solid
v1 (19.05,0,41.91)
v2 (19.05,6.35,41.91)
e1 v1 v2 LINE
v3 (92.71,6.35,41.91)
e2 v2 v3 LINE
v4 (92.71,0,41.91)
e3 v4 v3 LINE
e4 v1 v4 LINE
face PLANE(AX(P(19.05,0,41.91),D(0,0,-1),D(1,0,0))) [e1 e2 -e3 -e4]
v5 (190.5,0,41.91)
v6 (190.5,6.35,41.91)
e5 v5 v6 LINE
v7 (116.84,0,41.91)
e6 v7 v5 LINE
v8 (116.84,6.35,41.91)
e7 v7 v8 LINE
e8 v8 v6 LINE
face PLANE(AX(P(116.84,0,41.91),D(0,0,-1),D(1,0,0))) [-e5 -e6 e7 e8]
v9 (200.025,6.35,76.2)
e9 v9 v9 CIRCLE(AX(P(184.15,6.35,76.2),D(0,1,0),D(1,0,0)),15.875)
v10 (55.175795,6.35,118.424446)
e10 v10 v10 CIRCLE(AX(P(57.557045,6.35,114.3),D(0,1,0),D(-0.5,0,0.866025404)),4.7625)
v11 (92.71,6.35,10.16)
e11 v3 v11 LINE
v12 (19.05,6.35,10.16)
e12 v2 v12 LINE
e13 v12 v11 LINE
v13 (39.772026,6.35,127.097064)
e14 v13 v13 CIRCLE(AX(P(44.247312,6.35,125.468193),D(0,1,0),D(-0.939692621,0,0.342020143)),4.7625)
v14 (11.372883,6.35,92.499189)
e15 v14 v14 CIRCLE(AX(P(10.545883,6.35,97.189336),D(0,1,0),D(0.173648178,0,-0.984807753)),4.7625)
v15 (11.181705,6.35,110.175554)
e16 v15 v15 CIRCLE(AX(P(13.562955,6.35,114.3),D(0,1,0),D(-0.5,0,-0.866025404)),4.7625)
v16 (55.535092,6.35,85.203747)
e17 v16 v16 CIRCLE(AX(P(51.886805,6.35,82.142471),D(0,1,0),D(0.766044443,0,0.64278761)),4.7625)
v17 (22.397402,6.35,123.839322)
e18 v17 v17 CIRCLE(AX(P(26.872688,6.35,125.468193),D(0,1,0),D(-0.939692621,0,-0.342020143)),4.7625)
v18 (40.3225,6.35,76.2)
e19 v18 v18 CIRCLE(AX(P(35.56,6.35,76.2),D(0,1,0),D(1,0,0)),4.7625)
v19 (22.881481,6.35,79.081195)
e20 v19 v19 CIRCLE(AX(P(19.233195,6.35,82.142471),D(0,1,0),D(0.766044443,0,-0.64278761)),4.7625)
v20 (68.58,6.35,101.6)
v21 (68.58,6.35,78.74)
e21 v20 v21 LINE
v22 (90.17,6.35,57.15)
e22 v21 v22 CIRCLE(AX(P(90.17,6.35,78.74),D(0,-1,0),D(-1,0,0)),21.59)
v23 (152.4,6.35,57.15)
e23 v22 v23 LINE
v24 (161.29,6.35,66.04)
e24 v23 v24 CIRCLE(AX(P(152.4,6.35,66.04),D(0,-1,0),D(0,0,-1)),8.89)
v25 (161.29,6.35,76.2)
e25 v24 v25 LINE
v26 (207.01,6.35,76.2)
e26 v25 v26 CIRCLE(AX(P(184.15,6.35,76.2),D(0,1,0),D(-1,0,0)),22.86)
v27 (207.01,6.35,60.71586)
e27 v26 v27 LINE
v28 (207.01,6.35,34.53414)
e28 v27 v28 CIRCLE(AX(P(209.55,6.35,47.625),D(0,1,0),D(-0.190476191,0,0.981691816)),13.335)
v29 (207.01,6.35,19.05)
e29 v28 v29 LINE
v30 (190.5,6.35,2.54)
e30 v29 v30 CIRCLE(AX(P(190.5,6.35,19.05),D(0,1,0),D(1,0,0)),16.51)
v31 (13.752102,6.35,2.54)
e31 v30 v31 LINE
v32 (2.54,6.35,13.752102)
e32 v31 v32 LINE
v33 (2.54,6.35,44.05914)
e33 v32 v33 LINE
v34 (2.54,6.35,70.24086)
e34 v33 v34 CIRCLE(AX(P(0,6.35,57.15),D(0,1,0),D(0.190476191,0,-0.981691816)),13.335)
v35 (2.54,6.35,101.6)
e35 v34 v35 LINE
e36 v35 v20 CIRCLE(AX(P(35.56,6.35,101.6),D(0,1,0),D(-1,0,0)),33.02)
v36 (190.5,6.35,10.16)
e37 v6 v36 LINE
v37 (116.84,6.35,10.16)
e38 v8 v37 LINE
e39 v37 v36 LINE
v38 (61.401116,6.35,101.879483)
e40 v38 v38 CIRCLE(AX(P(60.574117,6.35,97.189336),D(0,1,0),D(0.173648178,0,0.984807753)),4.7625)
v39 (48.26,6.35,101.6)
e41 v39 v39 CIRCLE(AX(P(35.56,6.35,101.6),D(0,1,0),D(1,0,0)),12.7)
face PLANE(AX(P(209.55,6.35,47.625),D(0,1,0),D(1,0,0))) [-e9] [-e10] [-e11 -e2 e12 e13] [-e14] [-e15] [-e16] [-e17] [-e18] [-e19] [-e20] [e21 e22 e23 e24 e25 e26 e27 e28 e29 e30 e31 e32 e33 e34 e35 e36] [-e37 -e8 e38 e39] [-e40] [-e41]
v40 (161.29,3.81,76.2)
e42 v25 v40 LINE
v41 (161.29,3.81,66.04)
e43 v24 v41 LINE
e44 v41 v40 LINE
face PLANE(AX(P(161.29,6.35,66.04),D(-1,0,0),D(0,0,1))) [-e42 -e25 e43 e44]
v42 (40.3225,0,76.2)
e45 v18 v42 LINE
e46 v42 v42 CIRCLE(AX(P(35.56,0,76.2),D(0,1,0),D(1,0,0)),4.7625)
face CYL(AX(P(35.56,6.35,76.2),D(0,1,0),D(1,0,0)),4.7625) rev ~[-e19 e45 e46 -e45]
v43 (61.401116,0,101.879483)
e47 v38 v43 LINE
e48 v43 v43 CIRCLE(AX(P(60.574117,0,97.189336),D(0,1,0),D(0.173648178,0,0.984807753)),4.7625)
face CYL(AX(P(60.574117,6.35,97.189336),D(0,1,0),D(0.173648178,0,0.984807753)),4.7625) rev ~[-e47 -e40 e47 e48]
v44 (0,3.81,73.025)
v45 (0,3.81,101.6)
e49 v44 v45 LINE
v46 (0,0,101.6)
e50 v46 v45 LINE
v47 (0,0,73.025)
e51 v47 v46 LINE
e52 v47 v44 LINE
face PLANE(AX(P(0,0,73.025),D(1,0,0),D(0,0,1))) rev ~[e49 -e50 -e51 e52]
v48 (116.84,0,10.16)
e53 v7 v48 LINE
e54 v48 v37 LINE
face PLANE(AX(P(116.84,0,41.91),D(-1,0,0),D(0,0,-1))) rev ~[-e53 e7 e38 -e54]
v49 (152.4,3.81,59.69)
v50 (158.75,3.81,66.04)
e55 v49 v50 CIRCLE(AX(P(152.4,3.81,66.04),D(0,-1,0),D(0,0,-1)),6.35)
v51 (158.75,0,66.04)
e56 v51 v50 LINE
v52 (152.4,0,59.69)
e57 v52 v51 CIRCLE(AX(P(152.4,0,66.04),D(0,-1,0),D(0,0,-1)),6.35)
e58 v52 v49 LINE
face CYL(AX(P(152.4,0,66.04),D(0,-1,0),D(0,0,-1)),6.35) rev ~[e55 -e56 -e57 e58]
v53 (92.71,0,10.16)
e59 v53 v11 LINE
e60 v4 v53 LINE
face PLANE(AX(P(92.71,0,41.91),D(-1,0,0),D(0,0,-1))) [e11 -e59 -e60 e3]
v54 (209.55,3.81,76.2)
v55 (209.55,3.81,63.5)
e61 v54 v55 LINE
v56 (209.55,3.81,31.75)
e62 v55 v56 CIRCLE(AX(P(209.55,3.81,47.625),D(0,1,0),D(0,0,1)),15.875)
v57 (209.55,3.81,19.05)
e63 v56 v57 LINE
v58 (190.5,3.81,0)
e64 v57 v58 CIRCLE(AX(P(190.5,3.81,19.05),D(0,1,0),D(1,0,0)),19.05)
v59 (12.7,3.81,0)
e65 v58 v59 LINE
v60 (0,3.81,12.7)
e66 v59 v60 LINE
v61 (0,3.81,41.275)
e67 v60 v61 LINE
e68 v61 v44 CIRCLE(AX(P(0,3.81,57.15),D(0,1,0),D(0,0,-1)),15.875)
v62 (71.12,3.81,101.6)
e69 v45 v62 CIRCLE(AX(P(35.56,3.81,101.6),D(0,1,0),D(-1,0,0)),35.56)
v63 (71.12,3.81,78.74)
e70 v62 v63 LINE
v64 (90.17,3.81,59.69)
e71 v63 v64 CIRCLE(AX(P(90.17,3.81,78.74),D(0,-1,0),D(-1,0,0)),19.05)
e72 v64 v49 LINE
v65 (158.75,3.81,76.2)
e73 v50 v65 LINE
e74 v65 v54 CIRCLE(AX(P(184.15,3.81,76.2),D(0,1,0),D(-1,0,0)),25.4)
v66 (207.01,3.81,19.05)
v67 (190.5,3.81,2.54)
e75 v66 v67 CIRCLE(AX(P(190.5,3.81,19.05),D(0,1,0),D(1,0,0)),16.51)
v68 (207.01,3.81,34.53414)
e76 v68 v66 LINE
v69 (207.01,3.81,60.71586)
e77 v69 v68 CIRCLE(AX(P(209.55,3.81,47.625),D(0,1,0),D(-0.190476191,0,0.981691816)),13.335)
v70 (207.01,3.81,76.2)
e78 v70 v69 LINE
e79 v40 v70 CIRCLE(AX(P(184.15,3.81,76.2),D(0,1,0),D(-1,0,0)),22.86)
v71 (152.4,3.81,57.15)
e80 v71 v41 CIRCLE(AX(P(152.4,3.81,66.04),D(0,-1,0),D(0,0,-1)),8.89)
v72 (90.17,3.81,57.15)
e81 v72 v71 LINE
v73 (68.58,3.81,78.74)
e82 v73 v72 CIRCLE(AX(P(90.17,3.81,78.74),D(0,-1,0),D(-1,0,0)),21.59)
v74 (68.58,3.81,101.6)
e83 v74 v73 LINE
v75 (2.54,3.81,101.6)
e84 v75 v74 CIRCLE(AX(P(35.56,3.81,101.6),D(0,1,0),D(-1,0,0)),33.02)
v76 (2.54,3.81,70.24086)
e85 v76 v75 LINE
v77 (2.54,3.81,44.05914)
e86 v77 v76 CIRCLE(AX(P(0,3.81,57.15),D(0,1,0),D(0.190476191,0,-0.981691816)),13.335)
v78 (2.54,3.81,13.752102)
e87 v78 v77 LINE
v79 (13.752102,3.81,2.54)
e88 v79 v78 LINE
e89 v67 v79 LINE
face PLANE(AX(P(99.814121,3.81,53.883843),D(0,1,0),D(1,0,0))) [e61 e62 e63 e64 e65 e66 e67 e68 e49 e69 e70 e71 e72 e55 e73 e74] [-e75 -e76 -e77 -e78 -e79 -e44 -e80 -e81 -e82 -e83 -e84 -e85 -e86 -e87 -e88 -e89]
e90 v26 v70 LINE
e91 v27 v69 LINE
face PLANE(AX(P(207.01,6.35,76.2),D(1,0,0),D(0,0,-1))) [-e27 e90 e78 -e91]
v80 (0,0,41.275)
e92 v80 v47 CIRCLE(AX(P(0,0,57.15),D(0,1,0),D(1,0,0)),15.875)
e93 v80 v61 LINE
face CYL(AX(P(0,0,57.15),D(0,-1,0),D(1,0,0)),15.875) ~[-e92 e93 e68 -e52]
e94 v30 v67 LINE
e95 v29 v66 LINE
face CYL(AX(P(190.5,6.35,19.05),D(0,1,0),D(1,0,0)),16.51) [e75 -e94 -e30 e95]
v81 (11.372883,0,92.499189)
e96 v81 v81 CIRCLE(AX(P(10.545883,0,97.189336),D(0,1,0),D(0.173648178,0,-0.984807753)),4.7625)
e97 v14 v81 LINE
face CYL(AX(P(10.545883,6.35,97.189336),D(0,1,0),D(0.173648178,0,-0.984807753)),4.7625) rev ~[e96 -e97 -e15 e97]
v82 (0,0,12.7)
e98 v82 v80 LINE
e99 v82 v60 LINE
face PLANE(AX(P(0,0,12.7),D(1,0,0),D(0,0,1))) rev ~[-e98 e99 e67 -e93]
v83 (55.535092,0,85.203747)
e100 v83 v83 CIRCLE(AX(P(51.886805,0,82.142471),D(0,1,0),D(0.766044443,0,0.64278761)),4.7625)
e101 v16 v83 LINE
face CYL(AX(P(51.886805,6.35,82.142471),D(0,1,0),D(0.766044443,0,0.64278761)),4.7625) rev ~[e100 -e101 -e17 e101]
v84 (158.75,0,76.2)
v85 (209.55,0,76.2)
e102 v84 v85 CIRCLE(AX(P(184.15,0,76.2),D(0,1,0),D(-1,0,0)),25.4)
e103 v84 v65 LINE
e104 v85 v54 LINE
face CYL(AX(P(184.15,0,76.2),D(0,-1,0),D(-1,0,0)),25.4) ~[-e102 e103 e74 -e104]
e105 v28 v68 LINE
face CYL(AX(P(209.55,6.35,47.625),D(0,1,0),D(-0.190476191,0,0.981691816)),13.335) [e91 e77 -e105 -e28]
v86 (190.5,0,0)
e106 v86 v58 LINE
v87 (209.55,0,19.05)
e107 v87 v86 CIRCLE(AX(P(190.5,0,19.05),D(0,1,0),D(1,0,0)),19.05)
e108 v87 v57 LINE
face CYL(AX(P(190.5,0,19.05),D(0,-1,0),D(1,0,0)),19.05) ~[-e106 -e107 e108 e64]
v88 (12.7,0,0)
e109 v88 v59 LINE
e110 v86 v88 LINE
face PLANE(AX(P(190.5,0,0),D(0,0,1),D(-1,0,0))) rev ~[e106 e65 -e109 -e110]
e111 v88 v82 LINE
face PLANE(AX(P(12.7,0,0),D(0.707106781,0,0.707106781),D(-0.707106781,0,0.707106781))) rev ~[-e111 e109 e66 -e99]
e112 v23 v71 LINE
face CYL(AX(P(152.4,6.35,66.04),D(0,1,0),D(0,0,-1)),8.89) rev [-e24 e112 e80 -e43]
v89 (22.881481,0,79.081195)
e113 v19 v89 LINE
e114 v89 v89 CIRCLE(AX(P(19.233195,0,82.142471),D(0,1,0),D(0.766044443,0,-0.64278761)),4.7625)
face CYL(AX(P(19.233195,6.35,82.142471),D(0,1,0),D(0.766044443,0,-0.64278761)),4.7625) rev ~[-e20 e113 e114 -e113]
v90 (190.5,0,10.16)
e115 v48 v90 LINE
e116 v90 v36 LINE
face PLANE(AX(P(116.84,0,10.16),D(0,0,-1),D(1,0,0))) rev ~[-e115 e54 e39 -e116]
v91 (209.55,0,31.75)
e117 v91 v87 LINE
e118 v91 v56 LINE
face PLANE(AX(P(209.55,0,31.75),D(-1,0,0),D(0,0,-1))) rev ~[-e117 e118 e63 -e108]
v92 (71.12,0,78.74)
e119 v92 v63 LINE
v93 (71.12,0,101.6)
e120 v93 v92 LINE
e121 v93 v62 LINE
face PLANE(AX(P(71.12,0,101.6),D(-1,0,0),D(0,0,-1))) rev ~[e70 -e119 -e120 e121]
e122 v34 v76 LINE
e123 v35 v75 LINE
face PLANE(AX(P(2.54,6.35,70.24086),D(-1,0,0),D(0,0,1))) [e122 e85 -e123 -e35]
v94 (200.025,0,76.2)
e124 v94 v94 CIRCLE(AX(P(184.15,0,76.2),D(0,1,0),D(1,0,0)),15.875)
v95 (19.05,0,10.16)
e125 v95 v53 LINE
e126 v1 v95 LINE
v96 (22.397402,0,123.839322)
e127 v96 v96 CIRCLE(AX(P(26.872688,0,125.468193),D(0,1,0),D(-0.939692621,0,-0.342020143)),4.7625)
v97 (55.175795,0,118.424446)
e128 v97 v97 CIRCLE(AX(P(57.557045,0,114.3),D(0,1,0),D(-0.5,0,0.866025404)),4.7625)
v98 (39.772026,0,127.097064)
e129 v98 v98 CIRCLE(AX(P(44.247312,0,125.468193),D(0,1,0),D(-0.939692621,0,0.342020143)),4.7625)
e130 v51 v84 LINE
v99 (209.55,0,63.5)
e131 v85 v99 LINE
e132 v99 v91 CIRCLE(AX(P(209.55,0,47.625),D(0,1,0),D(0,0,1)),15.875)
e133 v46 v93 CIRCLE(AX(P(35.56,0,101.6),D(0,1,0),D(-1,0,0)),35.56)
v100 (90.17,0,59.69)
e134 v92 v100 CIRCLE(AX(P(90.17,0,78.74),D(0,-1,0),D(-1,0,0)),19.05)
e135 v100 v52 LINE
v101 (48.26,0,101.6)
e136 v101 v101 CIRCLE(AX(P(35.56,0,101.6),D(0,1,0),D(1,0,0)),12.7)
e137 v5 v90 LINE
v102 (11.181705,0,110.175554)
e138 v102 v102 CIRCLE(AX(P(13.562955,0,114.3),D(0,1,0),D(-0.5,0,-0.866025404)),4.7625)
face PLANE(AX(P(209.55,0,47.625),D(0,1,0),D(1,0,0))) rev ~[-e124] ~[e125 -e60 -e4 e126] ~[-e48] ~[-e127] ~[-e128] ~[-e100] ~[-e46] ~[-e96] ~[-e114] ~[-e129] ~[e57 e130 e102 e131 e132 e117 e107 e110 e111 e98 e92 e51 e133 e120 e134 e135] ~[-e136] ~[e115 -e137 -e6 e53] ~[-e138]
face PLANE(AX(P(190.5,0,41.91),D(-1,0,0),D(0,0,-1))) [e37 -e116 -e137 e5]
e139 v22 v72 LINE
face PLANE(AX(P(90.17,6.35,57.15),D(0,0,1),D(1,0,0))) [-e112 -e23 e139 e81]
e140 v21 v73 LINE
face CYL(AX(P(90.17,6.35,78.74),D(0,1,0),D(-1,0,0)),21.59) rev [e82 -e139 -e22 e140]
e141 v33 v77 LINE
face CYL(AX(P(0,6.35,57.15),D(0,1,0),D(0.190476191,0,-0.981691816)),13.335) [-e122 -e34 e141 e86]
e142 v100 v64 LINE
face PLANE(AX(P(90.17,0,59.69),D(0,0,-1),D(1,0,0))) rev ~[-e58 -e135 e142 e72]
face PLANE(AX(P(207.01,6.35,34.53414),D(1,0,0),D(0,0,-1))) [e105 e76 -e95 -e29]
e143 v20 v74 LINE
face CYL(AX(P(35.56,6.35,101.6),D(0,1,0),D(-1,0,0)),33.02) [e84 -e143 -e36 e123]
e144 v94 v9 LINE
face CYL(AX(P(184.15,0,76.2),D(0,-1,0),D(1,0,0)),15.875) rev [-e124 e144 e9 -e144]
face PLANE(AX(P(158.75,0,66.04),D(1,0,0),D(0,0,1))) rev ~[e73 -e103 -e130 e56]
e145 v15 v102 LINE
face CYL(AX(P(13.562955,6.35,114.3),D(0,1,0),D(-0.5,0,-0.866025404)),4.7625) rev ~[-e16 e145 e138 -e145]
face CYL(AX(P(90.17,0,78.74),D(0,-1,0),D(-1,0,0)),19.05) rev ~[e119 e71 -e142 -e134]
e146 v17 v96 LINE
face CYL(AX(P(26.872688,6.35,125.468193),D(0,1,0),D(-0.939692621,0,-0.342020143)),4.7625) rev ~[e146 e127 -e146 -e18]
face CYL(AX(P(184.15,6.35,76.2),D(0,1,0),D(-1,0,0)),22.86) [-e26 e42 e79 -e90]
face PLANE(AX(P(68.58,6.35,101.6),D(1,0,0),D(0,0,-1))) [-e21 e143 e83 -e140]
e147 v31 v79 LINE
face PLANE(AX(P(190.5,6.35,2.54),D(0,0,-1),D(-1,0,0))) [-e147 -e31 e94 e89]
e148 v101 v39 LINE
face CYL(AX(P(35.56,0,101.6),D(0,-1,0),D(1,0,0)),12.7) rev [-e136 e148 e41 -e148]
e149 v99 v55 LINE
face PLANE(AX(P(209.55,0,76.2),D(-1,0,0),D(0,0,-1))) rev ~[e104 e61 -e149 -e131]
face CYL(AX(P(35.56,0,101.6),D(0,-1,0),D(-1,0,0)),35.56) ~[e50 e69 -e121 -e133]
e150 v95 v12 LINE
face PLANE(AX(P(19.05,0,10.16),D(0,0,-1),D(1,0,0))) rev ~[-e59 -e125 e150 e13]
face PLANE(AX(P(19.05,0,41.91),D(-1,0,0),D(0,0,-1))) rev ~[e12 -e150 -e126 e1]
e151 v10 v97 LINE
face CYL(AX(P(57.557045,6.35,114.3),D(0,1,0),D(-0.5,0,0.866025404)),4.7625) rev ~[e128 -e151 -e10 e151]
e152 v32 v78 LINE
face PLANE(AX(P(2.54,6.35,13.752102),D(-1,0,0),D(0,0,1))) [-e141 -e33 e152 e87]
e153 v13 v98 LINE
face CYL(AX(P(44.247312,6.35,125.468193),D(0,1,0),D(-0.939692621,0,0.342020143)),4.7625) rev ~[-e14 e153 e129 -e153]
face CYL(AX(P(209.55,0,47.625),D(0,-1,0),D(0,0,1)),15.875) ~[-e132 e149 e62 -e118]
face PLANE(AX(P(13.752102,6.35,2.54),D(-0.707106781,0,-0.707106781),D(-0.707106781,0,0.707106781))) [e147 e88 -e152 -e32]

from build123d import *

# Parameters (mm, degrees)
SKETCH1_R           = 15.875
SKETCH1_R_2         = 12.7
SKETCH1_W           = 73.66
SKETCH1_H           = 31.75
BOSS_EXTRUDE2_DEPTH = 6.35
CUT_EXTRUDE1_DEPTH  = 2.54
SKETCH3_R           = 4.7625
CUT_EXTRUDE2_DEPTH  = 7.35
CIRPATTERN1_COUNT   = 9


with BuildPart() as part:
    # Sketch1 → Boss-Extrude2 (new body)
    with BuildSketch(Plane(origin=(0, 0, 0), x_dir=(1, 0, 0), z_dir=(0, 1, 0))):
        with Locations((209.55, -47.625)):
            Circle(SKETCH1_R)
        with Locations((0, -57.15)):
            Circle(SKETCH1_R)
        with BuildLine():
            Line((209.55, -76.2), (209.55, -19.05))
            ThreePointArc((209.55, -19.05), (203.970384182, -5.579615818), (190.5, 0))
            Line((190.5, 0), (12.7, 0))
            Line((12.7, 0), (0, -12.7))
            Line((0, -12.7), (0, -101.6))
            ThreePointArc((0, -101.6), (35.56, -137.16), (71.12, -101.6))
            Line((71.12, -101.6), (71.12, -78.74))
            ThreePointArc((71.12, -78.74), (76.699615818, -65.269615818), (90.17, -59.69))
            Line((90.17, -59.69), (152.4, -59.69))
            ThreePointArc((152.4, -59.69), (156.890128061, -61.549871939), (158.75, -66.04))
            Line((158.75, -66.04), (158.75, -76.2))
            ThreePointArc((158.75, -76.2), (184.15, -101.6), (209.55, -76.2))
        make_face()
        with Locations((35.56, -101.6)):
            Circle(SKETCH1_R_2, mode=Mode.SUBTRACT)
        with Locations((184.15, -76.2)):
            Circle(SKETCH1_R, mode=Mode.SUBTRACT)
        with Locations((153.67, -26.035)):
            Rectangle(SKETCH1_W, SKETCH1_H, mode=Mode.SUBTRACT)
        with Locations((55.88, -26.035)):
            Rectangle(SKETCH1_W, SKETCH1_H, mode=Mode.SUBTRACT)
        with BuildLine():
            ThreePointArc((15.875, -57.15), (11.225320151, -45.924679849), (0, -41.275))
            Line((0, -41.275), (0, -73.025))
            ThreePointArc((0, -73.025), (11.225320151, -68.375320151), (15.875, -57.15))
        make_face()
        with BuildLine():
            Line((0, -73.025), (0, -41.275))
            ThreePointArc((0, -41.275), (-15.875, -57.15), (0, -73.025))
        make_face()
        with BuildLine():
            ThreePointArc((15.875, -57.15), (11.225320151, -45.924679849), (0, -41.275))
            Line((0, -41.275), (0, -73.025))
            ThreePointArc((0, -73.025), (11.225320151, -68.375320151), (15.875, -57.15))
        make_face()
        with BuildLine():
            Line((0, -73.025), (0, -41.275))
            ThreePointArc((0, -41.275), (-15.875, -57.15), (0, -73.025))
        make_face()
        with BuildLine():
            ThreePointArc((225.425, -47.625), (220.775320151, -36.399679849), (209.55, -31.75))
            Line((209.55, -31.75), (209.55, -63.5))
            ThreePointArc((209.55, -63.5), (220.775320151, -58.850320151), (225.425, -47.625))
        make_face()
        with BuildLine():
            Line((209.55, -63.5), (209.55, -31.75))
            ThreePointArc((209.55, -31.75), (193.675, -47.625), (209.55, -63.5))
        make_face()
        with BuildLine():
            ThreePointArc((225.425, -47.625), (220.775320151, -36.399679849), (209.55, -31.75))
            Line((209.55, -31.75), (209.55, -63.5))
            ThreePointArc((209.55, -63.5), (220.775320151, -58.850320151), (225.425, -47.625))
        make_face()
        with BuildLine():
            Line((209.55, -63.5), (209.55, -31.75))
            ThreePointArc((209.55, -31.75), (193.675, -47.625), (209.55, -63.5))
        make_face()
    extrude(amount=BOSS_EXTRUDE2_DEPTH)

    # Sketch2 → Cut-Extrude1 (cut)
    with BuildSketch(Plane(origin=(0, 6.35, 0), x_dir=(1, 0, 0), z_dir=(0, 1, 0))):
        with BuildLine():
            Line((209.55, -76.2), (209.55, -63.5))
            ThreePointArc((209.55, -63.5), (225.425, -47.625), (209.55, -31.75))
            Line((209.55, -31.75), (209.55, -19.05))
            ThreePointArc((209.55, -19.05), (203.970384182, -5.579615818), (190.5, 0))
            Line((190.5, 0), (12.7, 0))
            Line((12.7, 0), (0, -12.7))
            Line((0, -12.7), (0, -41.275))
            ThreePointArc((0, -41.275), (-15.875, -57.15), (0, -73.025))
            Line((0, -73.025), (0, -101.6))
            ThreePointArc((0, -101.6), (35.56, -137.16), (71.12, -101.6))
            Line((71.12, -101.6), (71.12, -78.74))
            ThreePointArc((71.12, -78.74), (76.699615818, -65.269615818), (90.17, -59.69))
            Line((90.17, -59.69), (152.4, -59.69))
            ThreePointArc((152.4, -59.69), (156.890128061, -61.549871939), (158.75, -66.04))
            Line((158.75, -66.04), (158.75, -76.2))
            ThreePointArc((158.75, -76.2), (184.15, -101.6), (209.55, -76.2))
        make_face()
        with BuildLine():
            Line((2.54, -13.752102448), (2.54, -44.059139639))
            ThreePointArc((2.54, -44.059139639), (-13.335, -57.15), (2.54, -70.240860361))
            Line((2.54, -70.240860361), (2.54, -101.6))
            ThreePointArc((2.54, -101.6), (35.56, -134.62), (68.58, -101.6))
            Line((68.58, -101.6), (68.58, -78.74))
            ThreePointArc((68.58, -78.74), (74.903564594, -63.473564594), (90.17, -57.15))
            Line((90.17, -57.15), (152.4, -57.15))
            ThreePointArc((152.4, -57.15), (158.686179285, -59.753820715), (161.29, -66.04))
            Line((161.29, -66.04), (161.29, -76.2))
            ThreePointArc((161.29, -76.2), (184.15, -99.06), (207.01, -76.2))
            Line((207.01, -76.2), (207.01, -60.715860361))
            ThreePointArc((207.01, -60.715860361), (222.885, -47.625), (207.01, -34.534139639))
            Line((207.01, -34.534139639), (207.01, -19.05))
            ThreePointArc((207.01, -19.05), (202.174332957, -7.375667043), (190.5, -2.54))
            Line((190.5, -2.54), (13.752102448, -2.54))
            Line((13.752102448, -2.54), (2.54, -13.752102448))
        make_face(mode=Mode.SUBTRACT)
    extrude(amount=-CUT_EXTRUDE1_DEPTH, mode=Mode.SUBTRACT)

    # Sketch3 → Cut-Extrude2 (cut, through all)
    with BuildSketch(Plane(origin=(0, 6.35, 0), x_dir=(1, 0, 0), z_dir=(0, 1, 0))):
        with Locations((35.56, -76.2)):
            Circle(SKETCH3_R)
    cut_extrude2 = extrude(amount=-CUT_EXTRUDE2_DEPTH, mode=Mode.SUBTRACT)

    # CirPattern1: Cut-Extrude2 ×9 about axis
    cirpattern1_axis = Axis((35.56, 0, 101.6), (0, 1, 0))
    for i in range(1, CIRPATTERN1_COUNT):
        add(cut_extrude2.rotate(cirpattern1_axis, i * 360 / CIRPATTERN1_COUNT), mode=Mode.SUBTRACT)


solid = part.part
